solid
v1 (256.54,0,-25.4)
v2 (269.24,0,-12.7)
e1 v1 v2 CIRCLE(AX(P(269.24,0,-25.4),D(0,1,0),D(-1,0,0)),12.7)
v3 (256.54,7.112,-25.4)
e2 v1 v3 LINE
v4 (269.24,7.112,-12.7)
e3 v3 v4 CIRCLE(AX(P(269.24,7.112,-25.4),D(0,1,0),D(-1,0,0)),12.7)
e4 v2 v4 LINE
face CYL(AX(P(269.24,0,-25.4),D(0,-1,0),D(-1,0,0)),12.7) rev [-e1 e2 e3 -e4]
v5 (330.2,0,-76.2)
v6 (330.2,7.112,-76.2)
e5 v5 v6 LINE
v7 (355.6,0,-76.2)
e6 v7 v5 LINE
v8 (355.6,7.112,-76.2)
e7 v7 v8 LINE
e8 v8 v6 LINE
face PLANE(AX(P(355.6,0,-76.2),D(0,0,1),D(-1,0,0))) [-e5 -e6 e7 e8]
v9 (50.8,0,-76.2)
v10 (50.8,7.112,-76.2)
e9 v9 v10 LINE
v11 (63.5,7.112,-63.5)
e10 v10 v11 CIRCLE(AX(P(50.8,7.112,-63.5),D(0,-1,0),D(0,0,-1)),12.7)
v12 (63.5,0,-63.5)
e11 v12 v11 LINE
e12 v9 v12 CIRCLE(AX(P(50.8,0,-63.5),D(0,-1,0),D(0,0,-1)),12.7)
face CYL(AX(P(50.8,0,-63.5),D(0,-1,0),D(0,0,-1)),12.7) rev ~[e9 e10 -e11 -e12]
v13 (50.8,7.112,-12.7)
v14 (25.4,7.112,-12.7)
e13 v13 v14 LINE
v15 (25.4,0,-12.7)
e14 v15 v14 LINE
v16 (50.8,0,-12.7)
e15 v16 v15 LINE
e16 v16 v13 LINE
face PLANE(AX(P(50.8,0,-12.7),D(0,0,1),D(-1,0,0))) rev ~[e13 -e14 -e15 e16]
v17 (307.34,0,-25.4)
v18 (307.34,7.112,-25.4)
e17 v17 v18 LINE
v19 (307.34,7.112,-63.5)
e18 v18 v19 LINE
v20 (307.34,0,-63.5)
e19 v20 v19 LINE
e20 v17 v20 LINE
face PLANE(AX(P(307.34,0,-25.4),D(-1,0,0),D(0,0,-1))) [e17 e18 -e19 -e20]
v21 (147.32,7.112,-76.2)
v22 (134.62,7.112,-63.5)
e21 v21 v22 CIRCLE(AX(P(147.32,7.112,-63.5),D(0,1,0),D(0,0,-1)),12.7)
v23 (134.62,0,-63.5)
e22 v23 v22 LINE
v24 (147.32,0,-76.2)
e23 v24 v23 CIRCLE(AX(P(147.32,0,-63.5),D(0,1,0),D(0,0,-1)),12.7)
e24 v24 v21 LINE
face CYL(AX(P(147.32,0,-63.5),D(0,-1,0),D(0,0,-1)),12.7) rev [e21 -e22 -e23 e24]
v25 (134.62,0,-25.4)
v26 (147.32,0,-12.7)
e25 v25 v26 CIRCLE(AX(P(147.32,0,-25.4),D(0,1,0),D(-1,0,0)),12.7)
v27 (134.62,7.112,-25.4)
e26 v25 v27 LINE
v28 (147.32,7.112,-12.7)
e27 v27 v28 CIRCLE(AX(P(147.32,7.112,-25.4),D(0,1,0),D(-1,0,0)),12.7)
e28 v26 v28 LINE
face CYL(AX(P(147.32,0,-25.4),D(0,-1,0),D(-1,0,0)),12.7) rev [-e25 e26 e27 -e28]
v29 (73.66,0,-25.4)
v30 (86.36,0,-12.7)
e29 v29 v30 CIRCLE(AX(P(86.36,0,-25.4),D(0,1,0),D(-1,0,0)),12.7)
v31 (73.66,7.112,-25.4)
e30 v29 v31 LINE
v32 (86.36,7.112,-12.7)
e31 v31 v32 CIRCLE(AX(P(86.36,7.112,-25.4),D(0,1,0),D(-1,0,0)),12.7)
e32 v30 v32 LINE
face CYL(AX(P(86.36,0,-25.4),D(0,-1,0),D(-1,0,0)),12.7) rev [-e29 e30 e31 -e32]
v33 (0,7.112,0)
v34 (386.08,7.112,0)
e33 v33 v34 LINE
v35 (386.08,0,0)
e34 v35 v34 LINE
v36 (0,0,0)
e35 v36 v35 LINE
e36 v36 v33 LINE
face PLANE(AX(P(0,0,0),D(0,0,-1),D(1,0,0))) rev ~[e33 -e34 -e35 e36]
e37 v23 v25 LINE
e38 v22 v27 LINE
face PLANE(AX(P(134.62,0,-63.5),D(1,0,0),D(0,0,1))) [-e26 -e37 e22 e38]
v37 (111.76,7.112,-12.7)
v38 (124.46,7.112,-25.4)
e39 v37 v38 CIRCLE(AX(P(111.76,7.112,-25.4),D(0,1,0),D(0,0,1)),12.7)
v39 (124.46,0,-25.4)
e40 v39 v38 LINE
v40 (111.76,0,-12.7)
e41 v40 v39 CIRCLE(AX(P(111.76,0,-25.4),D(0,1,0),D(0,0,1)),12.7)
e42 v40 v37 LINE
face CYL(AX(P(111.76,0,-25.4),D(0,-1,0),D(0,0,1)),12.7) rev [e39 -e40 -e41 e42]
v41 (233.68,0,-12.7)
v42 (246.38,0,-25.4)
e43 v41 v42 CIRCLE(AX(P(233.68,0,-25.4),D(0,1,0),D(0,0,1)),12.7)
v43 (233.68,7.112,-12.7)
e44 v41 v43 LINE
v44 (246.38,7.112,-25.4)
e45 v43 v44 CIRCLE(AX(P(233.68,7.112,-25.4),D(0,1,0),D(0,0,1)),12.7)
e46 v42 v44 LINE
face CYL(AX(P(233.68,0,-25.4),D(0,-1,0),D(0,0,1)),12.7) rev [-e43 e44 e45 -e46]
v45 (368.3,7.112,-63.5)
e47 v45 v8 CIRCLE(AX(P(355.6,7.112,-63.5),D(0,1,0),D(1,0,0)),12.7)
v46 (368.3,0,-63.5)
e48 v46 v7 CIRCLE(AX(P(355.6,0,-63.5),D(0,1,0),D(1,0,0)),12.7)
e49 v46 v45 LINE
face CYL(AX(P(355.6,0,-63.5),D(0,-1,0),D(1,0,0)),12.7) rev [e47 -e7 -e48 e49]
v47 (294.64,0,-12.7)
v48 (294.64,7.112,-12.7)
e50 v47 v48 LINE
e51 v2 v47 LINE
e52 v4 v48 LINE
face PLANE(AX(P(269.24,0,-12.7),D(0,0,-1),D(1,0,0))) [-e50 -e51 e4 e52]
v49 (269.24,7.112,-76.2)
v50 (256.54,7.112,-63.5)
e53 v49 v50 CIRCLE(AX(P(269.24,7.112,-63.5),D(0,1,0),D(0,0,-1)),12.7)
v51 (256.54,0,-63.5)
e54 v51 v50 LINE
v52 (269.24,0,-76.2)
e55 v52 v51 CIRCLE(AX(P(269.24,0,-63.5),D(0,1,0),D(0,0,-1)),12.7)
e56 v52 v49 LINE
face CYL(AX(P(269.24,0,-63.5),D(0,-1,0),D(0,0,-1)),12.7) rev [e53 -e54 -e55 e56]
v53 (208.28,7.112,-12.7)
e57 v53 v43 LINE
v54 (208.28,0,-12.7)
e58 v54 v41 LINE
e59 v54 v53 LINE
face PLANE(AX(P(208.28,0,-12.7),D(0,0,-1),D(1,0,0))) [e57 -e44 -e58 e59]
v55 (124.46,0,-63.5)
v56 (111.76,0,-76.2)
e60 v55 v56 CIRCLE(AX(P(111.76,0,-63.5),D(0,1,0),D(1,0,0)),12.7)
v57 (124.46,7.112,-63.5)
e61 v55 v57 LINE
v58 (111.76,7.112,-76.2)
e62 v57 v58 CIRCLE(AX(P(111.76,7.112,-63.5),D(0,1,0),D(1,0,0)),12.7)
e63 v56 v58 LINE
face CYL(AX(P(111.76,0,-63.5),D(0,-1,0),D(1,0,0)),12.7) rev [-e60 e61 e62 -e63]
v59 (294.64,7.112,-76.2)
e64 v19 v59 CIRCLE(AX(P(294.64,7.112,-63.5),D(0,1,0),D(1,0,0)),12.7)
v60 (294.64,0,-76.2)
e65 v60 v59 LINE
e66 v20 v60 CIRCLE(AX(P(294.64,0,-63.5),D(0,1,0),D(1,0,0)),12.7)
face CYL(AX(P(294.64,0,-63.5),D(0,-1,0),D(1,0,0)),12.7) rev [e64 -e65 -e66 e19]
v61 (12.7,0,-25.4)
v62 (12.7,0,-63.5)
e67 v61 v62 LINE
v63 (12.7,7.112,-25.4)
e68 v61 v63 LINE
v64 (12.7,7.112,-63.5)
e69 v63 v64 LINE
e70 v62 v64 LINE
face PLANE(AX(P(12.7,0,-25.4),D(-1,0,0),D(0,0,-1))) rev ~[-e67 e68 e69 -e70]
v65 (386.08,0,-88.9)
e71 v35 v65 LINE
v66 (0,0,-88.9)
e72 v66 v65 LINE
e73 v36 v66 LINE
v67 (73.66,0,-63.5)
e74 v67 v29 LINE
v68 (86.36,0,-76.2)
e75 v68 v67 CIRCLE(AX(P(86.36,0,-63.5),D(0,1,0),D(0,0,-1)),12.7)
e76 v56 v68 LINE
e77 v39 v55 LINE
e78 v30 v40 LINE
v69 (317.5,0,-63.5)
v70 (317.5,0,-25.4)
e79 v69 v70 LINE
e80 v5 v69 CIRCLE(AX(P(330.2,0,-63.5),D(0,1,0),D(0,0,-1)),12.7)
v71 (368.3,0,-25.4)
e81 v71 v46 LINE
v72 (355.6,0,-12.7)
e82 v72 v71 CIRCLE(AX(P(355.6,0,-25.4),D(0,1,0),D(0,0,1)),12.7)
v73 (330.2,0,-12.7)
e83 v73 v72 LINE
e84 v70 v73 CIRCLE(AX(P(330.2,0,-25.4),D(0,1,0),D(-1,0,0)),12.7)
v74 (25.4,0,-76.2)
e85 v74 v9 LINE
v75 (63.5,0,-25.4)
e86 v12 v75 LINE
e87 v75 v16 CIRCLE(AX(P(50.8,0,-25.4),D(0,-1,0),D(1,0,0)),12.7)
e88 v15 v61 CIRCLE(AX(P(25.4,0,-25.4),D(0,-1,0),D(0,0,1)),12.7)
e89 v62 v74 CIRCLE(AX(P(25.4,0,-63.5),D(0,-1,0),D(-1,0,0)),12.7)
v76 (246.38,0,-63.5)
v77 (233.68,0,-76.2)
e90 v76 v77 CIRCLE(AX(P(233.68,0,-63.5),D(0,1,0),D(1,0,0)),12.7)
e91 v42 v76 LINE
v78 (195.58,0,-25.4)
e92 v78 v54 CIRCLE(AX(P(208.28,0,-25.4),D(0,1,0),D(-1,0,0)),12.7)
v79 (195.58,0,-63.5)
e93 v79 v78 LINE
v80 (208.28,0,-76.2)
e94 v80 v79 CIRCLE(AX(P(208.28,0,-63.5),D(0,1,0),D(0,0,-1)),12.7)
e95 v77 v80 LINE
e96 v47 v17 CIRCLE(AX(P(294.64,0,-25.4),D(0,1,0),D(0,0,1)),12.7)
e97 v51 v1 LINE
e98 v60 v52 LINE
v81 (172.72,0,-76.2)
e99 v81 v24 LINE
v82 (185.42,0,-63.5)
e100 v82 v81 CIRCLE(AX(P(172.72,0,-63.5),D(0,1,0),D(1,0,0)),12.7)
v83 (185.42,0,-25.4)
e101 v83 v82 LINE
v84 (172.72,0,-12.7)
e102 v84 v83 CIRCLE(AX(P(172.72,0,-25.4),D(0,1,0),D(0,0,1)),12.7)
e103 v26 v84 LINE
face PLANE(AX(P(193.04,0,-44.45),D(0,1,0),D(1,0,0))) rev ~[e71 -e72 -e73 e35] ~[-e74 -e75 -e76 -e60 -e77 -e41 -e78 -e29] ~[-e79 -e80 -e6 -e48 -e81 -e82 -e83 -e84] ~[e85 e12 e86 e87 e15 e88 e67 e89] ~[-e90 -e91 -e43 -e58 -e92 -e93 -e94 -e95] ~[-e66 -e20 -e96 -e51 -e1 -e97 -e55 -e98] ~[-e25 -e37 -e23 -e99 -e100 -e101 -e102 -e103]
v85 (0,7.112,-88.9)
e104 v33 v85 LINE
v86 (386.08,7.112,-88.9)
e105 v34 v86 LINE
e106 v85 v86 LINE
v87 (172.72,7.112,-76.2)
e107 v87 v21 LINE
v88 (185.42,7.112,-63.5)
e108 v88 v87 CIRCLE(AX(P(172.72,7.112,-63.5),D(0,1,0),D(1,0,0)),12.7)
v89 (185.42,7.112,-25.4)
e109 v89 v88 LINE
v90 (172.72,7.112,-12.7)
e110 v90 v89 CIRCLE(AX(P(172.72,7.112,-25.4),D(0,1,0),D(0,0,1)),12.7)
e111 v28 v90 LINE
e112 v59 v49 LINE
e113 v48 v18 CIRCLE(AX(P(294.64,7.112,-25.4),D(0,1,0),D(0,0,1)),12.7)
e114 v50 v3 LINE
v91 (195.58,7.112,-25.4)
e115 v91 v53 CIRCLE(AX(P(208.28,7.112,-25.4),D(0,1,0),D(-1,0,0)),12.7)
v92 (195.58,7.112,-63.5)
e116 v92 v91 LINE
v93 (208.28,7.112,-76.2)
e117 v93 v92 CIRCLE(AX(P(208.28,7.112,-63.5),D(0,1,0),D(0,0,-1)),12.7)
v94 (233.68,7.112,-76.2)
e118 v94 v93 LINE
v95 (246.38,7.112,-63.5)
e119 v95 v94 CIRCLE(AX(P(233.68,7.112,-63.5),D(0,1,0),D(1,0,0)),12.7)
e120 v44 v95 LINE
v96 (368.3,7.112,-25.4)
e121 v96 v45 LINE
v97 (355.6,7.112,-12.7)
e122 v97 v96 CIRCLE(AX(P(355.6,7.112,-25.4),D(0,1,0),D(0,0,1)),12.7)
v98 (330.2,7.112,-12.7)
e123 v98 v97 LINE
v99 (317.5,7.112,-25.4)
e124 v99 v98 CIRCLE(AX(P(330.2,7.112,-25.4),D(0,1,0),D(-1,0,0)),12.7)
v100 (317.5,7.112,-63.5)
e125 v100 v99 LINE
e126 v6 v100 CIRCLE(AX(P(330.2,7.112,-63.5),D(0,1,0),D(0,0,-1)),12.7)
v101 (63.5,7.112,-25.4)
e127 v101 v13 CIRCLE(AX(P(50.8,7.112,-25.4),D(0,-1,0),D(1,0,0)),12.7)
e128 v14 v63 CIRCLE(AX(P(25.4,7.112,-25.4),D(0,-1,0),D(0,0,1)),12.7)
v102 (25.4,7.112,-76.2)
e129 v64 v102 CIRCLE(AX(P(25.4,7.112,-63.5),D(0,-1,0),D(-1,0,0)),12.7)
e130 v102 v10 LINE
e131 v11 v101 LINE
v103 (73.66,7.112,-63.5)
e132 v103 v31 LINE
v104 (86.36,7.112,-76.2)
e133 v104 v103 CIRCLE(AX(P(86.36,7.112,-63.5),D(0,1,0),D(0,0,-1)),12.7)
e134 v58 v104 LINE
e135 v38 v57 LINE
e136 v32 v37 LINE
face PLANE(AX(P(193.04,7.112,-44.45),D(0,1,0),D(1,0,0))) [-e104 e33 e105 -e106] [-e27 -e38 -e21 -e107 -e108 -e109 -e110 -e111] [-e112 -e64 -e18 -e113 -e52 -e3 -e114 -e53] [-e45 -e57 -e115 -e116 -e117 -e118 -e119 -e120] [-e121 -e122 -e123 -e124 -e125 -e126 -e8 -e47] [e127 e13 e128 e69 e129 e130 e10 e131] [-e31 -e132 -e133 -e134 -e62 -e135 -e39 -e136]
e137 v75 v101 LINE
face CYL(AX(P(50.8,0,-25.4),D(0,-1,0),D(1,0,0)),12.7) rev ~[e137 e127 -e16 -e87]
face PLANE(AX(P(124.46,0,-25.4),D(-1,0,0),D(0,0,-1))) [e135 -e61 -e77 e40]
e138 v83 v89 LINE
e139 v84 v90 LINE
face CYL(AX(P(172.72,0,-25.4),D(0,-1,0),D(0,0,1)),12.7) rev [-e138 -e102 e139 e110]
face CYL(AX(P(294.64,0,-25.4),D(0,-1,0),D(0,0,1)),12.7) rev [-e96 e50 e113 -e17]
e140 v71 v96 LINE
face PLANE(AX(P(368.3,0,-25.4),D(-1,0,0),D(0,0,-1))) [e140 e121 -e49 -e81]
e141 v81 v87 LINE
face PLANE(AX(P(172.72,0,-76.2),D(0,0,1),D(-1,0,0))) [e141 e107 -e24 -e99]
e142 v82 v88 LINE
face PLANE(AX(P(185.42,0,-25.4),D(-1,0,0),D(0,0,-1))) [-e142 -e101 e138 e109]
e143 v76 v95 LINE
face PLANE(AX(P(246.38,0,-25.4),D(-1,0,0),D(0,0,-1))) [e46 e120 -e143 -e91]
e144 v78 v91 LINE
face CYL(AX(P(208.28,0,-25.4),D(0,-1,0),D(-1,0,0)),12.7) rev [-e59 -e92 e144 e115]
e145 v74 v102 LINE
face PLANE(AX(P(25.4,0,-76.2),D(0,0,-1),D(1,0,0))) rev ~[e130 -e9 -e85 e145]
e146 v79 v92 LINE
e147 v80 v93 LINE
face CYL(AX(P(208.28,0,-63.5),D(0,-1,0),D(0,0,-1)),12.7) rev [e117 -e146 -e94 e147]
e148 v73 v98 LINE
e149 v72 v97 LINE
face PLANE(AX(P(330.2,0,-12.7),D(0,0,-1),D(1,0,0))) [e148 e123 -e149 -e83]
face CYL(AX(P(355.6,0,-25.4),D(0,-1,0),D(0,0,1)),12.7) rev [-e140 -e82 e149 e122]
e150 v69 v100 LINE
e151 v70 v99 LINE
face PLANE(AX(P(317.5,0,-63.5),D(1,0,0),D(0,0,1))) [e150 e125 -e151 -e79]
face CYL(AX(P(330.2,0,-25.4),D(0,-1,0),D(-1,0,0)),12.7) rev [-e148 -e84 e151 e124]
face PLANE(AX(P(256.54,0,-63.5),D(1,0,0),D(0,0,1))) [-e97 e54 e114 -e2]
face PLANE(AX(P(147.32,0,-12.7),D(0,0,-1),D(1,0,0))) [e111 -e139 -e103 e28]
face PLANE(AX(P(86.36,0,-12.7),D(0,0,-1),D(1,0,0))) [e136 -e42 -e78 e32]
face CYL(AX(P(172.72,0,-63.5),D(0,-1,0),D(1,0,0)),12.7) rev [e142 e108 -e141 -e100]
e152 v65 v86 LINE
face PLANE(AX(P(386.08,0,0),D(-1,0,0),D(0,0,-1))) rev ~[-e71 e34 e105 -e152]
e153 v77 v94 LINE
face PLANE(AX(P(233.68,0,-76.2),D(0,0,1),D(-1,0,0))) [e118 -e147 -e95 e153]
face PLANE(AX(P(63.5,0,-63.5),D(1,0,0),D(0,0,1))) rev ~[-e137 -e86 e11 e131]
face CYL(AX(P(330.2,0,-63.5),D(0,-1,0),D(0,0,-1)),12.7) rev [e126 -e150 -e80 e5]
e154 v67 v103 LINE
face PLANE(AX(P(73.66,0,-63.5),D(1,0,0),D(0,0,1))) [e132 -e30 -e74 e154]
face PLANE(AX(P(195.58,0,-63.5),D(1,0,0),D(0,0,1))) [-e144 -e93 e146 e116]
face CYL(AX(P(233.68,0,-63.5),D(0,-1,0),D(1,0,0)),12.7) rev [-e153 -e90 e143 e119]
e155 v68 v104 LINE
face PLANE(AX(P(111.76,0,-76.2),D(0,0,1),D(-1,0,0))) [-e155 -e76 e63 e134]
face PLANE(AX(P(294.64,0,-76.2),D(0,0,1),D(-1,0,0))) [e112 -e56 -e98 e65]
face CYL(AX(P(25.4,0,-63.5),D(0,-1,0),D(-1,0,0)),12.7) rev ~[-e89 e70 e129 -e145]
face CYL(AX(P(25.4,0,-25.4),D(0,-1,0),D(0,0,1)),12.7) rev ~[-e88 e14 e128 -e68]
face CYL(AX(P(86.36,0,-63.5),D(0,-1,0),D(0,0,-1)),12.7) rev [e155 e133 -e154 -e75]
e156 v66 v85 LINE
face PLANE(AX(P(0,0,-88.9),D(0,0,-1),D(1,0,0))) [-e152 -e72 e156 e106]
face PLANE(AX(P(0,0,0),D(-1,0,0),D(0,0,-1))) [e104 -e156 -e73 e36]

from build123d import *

# Parameters (mm, degrees)
SKETCH1_W           = 386.08
SKETCH1_H           = 88.9
BOSS_EXTRUDE1_DEPTH = 7.112


with BuildPart() as part:
    # Sketch1 → Boss-Extrude1 (new body)
    with BuildSketch(Plane(origin=(0, 0, 0), x_dir=(1, 0, 0), z_dir=(0, 1, 0))):
        with Locations((193.04, 44.45)):
            Rectangle(SKETCH1_W, SKETCH1_H)
        with BuildLine():
            Line((73.66, 63.5), (73.66, 25.4))
            ThreePointArc((73.66, 25.4), (77.379743879, 16.419743879), (86.36, 12.7))
            Line((86.36, 12.7), (111.76, 12.7))
            ThreePointArc((111.76, 12.7), (120.740256121, 16.419743879), (124.46, 25.4))
            Line((124.46, 25.4), (124.46, 63.5))
            ThreePointArc((124.46, 63.5), (120.740256121, 72.480256121), (111.76, 76.2))
            Line((111.76, 76.2), (86.36, 76.2))
            ThreePointArc((86.36, 76.2), (77.379743879, 72.480256121), (73.66, 63.5))
        make_face(mode=Mode.SUBTRACT)
        with BuildLine():
            Line((25.4, 76.2), (50.8, 76.2))
            ThreePointArc((50.8, 76.2), (59.780256121, 72.480256121), (63.5, 63.5))
            Line((63.5, 63.5), (63.5, 25.4))
            ThreePointArc((63.5, 25.4), (59.780256121, 16.419743879), (50.8, 12.7))
            Line((50.8, 12.7), (25.4, 12.7))
            ThreePointArc((25.4, 12.7), (16.419743879, 16.419743879), (12.7, 25.4))
            Line((12.7, 25.4), (12.7, 63.5))
            ThreePointArc((12.7, 63.5), (16.419743879, 72.480256121), (25.4, 76.2))
        make_face(mode=Mode.SUBTRACT)
        with BuildLine():
            Line((134.62, 63.5), (134.62, 25.4))
            ThreePointArc((134.62, 25.4), (138.339743879, 16.419743879), (147.32, 12.7))
            Line((147.32, 12.7), (172.72, 12.7))
            ThreePointArc((172.72, 12.7), (181.700256121, 16.419743879), (185.42, 25.4))
            Line((185.42, 25.4), (185.42, 63.5))
            ThreePointArc((185.42, 63.5), (181.700256121, 72.480256121), (172.72, 76.2))
            Line((172.72, 76.2), (147.32, 76.2))
            ThreePointArc((147.32, 76.2), (138.339743879, 72.480256121), (134.62, 63.5))
        make_face(mode=Mode.SUBTRACT)
        with BuildLine():
            Line((195.58, 63.5), (195.58, 25.4))
            ThreePointArc((195.58, 25.4), (199.299743879, 16.419743879), (208.28, 12.7))
            Line((208.28, 12.7), (233.68, 12.7))
            ThreePointArc((233.68, 12.7), (242.660256121, 16.419743879), (246.38, 25.4))
            Line((246.38, 25.4), (246.38, 63.5))
            ThreePointArc((246.38, 63.5), (242.660256121, 72.480256121), (233.68, 76.2))
            Line((233.68, 76.2), (208.28, 76.2))
            ThreePointArc((208.28, 76.2), (199.299743879, 72.480256121), (195.58, 63.5))
        make_face(mode=Mode.SUBTRACT)
        with BuildLine():
            Line((256.54, 63.5), (256.54, 25.4))
            ThreePointArc((256.54, 25.4), (260.259743879, 16.419743879), (269.24, 12.7))
            Line((269.24, 12.7), (294.64, 12.7))
            ThreePointArc((294.64, 12.7), (303.620256121, 16.419743879), (307.34, 25.4))
            Line((307.34, 25.4), (307.34, 63.5))
            ThreePointArc((307.34, 63.5), (303.620256121, 72.480256121), (294.64, 76.2))
            Line((294.64, 76.2), (269.24, 76.2))
            ThreePointArc((269.24, 76.2), (260.259743879, 72.480256121), (256.54, 63.5))
        make_face(mode=Mode.SUBTRACT)
        with BuildLine():
            Line((317.5, 63.5), (317.5, 25.4))
            ThreePointArc((317.5, 25.4), (321.219743879, 16.419743879), (330.2, 12.7))
            Line((330.2, 12.7), (355.6, 12.7))
            ThreePointArc((355.6, 12.7), (364.580256121, 16.419743879), (368.3, 25.4))
            Line((368.3, 25.4), (368.3, 63.5))
            ThreePointArc((368.3, 63.5), (364.580256121, 72.480256121), (355.6, 76.2))
            Line((355.6, 76.2), (330.2, 76.2))
            ThreePointArc((330.2, 76.2), (321.219743879, 72.480256121), (317.5, 63.5))
        make_face(mode=Mode.SUBTRACT)
    extrude(amount=BOSS_EXTRUDE1_DEPTH)


solid = part.part
